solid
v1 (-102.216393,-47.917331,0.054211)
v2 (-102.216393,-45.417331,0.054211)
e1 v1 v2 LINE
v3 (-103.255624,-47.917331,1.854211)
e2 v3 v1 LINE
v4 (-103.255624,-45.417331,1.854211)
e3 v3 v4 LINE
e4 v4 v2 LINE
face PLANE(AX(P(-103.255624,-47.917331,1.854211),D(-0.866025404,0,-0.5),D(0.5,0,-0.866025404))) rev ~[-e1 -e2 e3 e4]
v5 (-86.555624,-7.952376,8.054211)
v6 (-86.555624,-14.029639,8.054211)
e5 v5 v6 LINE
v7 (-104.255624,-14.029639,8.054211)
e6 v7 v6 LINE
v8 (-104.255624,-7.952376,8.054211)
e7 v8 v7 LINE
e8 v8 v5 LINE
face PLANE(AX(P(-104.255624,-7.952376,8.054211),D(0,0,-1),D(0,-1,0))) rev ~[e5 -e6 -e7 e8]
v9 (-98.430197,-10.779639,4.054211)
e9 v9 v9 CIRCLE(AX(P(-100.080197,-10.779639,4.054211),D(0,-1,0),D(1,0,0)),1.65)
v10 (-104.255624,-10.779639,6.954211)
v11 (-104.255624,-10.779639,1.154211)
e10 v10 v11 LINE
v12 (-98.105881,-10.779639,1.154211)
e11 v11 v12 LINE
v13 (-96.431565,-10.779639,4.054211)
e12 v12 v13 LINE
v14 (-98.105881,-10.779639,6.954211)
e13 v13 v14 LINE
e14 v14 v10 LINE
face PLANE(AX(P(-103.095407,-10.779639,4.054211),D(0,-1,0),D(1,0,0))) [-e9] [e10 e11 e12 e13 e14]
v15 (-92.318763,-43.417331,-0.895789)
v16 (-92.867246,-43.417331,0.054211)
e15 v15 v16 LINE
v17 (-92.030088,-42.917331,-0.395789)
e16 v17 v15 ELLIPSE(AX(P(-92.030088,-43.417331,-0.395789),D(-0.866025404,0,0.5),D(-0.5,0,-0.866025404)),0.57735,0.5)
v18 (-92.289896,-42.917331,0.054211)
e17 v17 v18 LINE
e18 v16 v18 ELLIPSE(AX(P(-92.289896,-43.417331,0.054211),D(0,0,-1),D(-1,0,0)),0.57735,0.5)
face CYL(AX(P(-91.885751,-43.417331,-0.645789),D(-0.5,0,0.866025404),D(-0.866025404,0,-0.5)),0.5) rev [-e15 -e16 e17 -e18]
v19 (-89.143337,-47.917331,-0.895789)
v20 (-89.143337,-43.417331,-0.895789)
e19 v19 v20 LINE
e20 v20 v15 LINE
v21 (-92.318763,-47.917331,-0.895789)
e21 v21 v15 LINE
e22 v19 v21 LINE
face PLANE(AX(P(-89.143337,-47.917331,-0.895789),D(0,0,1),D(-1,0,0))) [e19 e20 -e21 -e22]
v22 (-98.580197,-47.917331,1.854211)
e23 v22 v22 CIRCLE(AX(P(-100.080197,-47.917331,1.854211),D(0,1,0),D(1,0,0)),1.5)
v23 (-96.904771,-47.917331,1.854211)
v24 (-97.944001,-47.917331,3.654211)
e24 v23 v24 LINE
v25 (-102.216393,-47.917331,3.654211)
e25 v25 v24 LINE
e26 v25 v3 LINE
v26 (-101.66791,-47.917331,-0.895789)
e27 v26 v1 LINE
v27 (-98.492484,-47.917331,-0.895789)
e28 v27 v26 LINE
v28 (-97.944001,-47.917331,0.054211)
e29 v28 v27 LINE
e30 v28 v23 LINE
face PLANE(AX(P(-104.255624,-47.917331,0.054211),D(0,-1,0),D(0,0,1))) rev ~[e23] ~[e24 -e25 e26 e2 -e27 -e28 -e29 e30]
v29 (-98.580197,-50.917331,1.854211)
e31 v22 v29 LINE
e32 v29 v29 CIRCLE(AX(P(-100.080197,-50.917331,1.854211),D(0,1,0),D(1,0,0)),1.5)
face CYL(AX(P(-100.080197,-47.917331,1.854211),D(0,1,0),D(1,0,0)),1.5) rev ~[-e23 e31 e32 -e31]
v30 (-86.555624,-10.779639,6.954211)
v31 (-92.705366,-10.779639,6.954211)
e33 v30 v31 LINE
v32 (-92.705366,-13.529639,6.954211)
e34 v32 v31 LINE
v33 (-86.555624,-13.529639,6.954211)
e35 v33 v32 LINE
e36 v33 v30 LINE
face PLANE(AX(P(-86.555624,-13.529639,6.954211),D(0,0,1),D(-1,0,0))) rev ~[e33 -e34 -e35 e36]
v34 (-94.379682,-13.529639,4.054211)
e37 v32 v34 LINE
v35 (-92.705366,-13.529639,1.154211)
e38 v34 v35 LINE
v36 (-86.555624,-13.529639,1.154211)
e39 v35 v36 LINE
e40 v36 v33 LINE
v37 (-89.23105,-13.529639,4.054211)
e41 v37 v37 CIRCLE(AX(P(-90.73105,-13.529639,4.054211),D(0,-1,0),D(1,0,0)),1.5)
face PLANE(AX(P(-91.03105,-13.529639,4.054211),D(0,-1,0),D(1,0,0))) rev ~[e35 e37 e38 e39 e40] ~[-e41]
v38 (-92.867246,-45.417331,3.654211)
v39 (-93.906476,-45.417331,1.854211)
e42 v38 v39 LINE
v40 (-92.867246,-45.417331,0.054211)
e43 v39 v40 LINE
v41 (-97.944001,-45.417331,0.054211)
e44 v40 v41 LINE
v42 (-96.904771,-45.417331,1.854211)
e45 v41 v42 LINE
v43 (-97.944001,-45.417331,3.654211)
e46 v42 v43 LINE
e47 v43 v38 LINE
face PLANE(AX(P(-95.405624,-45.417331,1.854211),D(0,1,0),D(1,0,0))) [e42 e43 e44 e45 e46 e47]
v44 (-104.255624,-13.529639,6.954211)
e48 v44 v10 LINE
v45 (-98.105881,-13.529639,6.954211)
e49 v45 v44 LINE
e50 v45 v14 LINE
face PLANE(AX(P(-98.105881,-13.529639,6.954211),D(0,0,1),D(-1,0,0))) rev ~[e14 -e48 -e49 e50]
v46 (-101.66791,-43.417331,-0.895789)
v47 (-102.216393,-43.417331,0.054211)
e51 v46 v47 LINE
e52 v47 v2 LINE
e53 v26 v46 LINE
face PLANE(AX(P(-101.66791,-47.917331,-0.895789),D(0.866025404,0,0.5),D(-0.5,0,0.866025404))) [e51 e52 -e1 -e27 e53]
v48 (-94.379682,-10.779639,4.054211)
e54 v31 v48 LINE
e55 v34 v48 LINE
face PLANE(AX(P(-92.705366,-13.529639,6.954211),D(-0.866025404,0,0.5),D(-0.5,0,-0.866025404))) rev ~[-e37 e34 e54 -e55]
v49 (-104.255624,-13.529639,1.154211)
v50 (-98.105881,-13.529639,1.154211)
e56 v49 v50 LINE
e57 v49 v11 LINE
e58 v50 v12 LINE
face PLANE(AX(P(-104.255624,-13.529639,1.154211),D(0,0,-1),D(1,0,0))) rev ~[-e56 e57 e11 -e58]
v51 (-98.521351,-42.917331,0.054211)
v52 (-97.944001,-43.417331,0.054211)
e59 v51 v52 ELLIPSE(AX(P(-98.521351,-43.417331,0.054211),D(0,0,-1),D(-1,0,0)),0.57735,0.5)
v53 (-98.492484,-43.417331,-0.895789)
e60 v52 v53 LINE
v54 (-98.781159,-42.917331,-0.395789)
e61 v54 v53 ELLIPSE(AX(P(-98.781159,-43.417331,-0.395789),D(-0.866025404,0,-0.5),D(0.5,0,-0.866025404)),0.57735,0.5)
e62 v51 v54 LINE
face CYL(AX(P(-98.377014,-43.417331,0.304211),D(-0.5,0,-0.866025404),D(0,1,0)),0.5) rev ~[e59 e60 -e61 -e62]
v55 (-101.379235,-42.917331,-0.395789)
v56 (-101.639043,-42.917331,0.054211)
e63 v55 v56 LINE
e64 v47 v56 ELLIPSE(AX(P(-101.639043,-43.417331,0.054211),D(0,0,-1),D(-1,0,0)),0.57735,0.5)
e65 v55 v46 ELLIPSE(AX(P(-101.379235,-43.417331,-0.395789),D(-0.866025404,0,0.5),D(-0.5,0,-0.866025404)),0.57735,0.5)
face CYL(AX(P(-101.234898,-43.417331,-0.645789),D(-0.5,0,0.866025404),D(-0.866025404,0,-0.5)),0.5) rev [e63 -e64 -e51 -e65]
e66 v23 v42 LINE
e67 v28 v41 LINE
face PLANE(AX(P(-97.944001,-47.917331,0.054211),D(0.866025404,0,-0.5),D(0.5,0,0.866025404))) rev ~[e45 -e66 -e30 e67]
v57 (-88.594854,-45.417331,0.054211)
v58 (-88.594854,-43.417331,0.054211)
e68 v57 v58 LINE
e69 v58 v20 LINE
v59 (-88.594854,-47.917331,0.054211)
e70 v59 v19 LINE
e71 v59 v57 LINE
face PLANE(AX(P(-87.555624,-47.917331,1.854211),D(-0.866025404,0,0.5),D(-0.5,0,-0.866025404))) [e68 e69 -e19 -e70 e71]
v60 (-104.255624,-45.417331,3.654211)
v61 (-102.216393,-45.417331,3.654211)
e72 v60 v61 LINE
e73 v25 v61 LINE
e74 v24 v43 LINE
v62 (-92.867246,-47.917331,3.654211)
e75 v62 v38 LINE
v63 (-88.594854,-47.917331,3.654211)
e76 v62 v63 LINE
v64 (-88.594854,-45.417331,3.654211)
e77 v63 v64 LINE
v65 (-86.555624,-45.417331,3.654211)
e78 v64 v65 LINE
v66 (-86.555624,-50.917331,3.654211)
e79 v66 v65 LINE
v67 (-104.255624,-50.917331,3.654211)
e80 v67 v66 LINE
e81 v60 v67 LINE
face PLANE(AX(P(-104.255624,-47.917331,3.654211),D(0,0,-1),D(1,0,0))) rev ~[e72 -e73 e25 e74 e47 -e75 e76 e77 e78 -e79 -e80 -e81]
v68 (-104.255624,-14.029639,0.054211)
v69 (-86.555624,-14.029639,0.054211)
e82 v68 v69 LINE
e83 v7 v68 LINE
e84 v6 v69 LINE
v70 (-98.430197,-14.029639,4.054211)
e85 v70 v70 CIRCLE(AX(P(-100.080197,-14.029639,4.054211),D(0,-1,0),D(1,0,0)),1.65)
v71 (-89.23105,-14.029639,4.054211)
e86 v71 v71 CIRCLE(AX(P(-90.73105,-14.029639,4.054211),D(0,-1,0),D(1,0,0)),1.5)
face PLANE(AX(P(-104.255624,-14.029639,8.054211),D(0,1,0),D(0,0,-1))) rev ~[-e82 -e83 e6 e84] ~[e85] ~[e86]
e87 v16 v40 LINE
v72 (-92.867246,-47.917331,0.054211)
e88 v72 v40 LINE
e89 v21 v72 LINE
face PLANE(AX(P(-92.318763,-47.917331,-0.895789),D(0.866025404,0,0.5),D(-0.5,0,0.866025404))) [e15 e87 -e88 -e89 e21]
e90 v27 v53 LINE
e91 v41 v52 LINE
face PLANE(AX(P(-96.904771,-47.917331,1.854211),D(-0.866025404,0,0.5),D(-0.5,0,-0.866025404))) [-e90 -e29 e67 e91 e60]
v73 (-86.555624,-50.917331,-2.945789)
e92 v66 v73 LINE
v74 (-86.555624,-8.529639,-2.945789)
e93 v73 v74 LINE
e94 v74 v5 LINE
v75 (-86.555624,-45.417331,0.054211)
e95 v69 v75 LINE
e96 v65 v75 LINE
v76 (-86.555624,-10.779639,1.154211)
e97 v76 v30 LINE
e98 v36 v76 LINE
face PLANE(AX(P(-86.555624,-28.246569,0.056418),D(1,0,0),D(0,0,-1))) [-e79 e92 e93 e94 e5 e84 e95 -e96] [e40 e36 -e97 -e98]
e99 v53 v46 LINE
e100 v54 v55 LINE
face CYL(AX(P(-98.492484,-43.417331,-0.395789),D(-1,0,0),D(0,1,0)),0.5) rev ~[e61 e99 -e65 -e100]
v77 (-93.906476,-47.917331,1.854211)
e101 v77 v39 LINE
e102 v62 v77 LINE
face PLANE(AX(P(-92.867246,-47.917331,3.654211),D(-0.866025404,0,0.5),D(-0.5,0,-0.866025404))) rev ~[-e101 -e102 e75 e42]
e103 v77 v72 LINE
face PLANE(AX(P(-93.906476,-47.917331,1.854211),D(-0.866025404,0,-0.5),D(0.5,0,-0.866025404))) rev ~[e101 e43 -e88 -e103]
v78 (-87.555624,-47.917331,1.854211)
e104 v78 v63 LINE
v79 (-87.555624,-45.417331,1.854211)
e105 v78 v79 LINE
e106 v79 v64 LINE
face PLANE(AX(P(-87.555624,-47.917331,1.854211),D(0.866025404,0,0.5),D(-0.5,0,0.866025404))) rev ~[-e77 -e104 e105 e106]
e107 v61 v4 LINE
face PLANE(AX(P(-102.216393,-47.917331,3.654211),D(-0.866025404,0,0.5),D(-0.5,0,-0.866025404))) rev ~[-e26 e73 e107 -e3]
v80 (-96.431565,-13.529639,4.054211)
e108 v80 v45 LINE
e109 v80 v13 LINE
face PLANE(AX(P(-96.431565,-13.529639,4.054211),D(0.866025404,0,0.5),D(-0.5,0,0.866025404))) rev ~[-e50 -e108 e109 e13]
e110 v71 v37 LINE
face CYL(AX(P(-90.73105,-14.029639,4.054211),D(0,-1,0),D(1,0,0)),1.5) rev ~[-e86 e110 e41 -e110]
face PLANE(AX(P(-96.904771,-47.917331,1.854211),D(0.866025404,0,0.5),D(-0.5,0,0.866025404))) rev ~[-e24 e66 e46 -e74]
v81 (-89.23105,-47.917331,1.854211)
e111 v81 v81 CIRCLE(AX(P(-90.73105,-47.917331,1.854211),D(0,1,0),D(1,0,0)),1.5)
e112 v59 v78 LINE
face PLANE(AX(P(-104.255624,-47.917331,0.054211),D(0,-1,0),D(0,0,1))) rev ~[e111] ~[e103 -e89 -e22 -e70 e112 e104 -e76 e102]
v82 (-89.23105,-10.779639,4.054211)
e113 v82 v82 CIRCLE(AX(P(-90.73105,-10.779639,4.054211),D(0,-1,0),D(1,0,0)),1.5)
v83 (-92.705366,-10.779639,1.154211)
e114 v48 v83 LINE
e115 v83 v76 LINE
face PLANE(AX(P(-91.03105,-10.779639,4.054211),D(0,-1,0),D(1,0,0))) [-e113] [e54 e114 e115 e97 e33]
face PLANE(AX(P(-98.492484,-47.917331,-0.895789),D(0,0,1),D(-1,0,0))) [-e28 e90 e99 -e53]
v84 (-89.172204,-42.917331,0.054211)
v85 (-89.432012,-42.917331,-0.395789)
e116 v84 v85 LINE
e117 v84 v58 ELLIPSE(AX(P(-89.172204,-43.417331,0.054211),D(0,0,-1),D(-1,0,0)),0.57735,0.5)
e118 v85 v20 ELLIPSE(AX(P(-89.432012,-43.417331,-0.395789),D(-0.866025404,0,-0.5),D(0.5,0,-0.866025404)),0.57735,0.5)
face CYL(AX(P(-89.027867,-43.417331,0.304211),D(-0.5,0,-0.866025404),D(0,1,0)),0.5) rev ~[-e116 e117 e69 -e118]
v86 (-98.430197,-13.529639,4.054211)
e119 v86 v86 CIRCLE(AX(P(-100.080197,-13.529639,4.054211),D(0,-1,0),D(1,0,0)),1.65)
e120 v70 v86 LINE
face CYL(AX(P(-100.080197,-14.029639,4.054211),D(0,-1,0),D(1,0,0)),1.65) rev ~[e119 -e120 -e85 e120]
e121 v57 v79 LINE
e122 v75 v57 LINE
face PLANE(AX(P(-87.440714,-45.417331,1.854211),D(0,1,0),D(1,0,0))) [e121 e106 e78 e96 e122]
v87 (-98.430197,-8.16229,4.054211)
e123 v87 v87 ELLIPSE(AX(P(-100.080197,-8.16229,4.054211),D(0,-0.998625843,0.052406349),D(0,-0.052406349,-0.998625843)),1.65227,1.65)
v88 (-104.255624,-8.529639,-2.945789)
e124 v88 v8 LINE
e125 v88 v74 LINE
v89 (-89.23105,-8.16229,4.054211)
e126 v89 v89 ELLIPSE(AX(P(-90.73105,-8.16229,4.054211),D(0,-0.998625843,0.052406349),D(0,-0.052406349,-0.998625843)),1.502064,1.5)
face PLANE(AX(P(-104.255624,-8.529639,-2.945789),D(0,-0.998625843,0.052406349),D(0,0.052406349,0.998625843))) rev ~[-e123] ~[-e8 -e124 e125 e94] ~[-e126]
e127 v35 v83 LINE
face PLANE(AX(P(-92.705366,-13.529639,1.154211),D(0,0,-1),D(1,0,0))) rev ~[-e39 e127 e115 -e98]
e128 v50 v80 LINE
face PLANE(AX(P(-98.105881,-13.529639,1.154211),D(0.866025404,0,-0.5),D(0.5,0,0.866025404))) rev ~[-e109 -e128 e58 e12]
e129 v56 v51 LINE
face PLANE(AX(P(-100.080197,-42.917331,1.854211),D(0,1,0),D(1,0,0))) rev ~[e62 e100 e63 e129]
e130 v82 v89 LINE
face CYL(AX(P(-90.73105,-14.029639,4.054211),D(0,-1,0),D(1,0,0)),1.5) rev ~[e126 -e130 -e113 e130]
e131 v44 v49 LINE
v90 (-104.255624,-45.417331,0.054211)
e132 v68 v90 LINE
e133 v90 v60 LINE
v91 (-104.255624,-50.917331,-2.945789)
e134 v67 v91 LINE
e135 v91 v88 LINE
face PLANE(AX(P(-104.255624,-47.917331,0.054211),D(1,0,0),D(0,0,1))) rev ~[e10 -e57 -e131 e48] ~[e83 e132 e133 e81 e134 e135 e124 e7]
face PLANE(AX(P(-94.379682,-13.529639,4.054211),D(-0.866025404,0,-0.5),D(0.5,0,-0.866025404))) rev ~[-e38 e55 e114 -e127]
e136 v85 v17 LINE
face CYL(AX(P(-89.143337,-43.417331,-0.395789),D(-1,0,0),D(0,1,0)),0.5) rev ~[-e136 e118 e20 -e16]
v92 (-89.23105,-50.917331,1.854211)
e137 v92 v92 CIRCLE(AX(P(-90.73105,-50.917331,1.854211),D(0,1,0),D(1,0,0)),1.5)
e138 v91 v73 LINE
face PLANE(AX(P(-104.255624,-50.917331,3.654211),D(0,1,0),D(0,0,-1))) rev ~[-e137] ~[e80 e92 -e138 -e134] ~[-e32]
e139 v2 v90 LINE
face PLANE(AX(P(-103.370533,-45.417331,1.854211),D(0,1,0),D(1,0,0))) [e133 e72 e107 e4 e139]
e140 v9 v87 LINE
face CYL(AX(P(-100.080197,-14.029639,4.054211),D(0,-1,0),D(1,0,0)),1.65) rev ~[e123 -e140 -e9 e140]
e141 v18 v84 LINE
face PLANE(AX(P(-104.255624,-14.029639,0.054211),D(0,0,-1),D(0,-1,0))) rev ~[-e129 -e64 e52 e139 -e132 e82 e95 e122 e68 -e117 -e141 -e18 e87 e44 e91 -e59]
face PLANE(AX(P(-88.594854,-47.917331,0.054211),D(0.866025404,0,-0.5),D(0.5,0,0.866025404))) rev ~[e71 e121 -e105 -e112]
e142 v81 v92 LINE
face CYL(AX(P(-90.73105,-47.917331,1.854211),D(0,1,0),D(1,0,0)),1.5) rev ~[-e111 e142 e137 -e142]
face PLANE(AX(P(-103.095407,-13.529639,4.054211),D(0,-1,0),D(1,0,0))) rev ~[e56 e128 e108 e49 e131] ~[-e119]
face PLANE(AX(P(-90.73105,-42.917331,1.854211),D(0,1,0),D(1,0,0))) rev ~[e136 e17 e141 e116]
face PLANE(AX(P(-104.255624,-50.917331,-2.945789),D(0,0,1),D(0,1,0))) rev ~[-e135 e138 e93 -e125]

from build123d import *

# Parameters (mm, degrees)
BOSS_EXTRUDE1_START = -0.4
BOSS_EXTRUDE1_DEPTH = 17.7
CUT_EXTRUDE1_REACH  = 5
SKETCH3_R           = 1.5
BOSS_EXTRUDE2_DEPTH = 2.5
SKETCH3_3_R         = 1.5
CUT_EXTRUDE2_DEPTH  = 5
FILLET2_R           = 0.5
SKETCH4_R           = 1.5
SKETCH4_R_2         = 1.65
CUT_EXTRUDE3_DEPTH  = 7.077263094
CUT_EXTRUDE4_START  = -0.5
SKETCH5_R           = 1.65
SKETCH5_R_2         = 1.5
CUT_EXTRUDE4_DEPTH  = 2.75


with BuildPart() as part:
    # Sketch2 → Boss-Extrude1 (new body)
    with BuildSketch(Plane.ZY.offset(104.655623537).offset(BOSS_EXTRUDE1_START)):
        Polygon((3.654210553, -50.917330539), (-2.945789447, -50.917330539), (-2.945789447, -8.529639022), (8.054210553, -7.952375928), (8.054210553, -14.029639022), (0.054210553, -14.029639022), (0.054210553, -47.917330539), (3.654210553, -47.917330539), align=None)
    extrude(amount=-BOSS_EXTRUDE1_DEPTH)

    # Sketch3 → Cut-Extrude1 (cut, up to next)
    with BuildSketch(Plane(origin=(0, -47.917330539, 0), x_dir=(1, 0, 0), z_dir=(0, 1, 0)), mode=Mode.PRIVATE) as cut_extrude1_sk1:
        with Locations((-90.731050017, -1.854210553)):
            Circle(SKETCH3_R)
    cut_extrude1_tool1 = extrude(cut_extrude1_sk1.sketch, amount=-CUT_EXTRUDE1_REACH, mode=Mode.PRIVATE) & part.part
    add(cut_extrude1_tool1.solids().sort_by_distance((-90.73105, -47.917331, 1.854211))[0], mode=Mode.SUBTRACT)
    # Sketch3 → Cut-Extrude1 (cut, up to next)
    with BuildSketch(Plane(origin=(0, -47.917330539, 0), x_dir=(1, 0, 0), z_dir=(0, 1, 0)), mode=Mode.PRIVATE) as cut_extrude1_sk2:
        with Locations((-100.080197056, -1.854210553)):
            Circle(SKETCH3_R)
    cut_extrude1_tool2 = extrude(cut_extrude1_sk2.sketch, amount=-CUT_EXTRUDE1_REACH, mode=Mode.PRIVATE) & part.part
    add(cut_extrude1_tool2.solids().sort_by_distance((-100.080197, -47.917331, 1.854211))[0], mode=Mode.SUBTRACT)

    # Sketch3_4 → Boss-Extrude2 (add)
    with BuildSketch(Plane(origin=(0, -47.917330539, 0), x_dir=(1, 0, 0), z_dir=(0, 1, 0))):
        Polygon((-102.216393052, -3.654210553), (-103.255623537, -1.854210553), (-102.216393052, -0.054210553), (-104.255623537, -0.054210553), (-104.255623537, -3.654210553), align=None)
        Polygon((-96.904770576, -1.854210553), (-97.94400106, -3.654210553), (-92.867246013, -3.654210553), (-93.906476498, -1.854210553), (-92.867246013, -0.054210553), (-97.94400106, -0.054210553), align=None)
        Polygon((-87.555623537, -1.854210553), (-88.594854021, -3.654210553), (-86.555623537, -3.654210553), (-86.555623537, -0.054210553), (-88.594854021, -0.054210553), align=None)
    extrude(amount=BOSS_EXTRUDE2_DEPTH)

    # Sketch3_3 → Cut-Extrude2 (cut)
    with BuildSketch(Plane(origin=(0, -47.917330539, 0), x_dir=(1, 0, 0), z_dir=(0, 1, 0))):
        Polygon((-103.255623537, -1.854210553), (-101.667910296, -4.604210553), (-98.492483816, -4.604210553), (-96.904770576, -1.854210553), (-98.492483816, 0.895789447), (-101.667910296, 0.895789447), align=None)
        with Locations((-100.080197056, -1.854210553)):
            Circle(SKETCH3_3_R, mode=Mode.SUBTRACT)
        Polygon((-87.555623537, -1.854210553), (-89.143336777, 0.895789447), (-92.318763257, 0.895789447), (-93.906476498, -1.854210553), (-92.318763257, -4.604210553), (-89.143336777, -4.604210553), align=None)
        with Locations((-90.731050017, -1.854210553)):
            Circle(SKETCH3_3_R, mode=Mode.SUBTRACT)
    extrude(amount=CUT_EXTRUDE2_DEPTH, mode=Mode.SUBTRACT)

    # Fillet2
    fillet2_edges = [part.edges().sort_by_distance(p)[0] for p in [
        (-98.218242438, -42.917330539, -0.420789447),
        (-100.080197056, -42.917330539, -0.895789447),
        (-101.942151674, -42.917330539, -0.420789447),
        (-88.869095399, -42.917330539, -0.420789447),
        (-90.731050017, -42.917330539, -0.895789447),
        (-92.593004635, -42.917330539, -0.420789447),
    ]]
    fillet(fillet2_edges, radius=FILLET2_R)

    # Sketch4 → Cut-Extrude3 (cut, through all)
    with BuildSketch(Plane.XZ.offset(14.029639022)):
        with Locations((-90.731050017, 4.054210553)):
            Circle(SKETCH4_R)
        with Locations((-100.080197056, 4.054210553)):
            Circle(SKETCH4_R_2)
    extrude(amount=-CUT_EXTRUDE3_DEPTH, mode=Mode.SUBTRACT)

    # Sketch5 → Cut-Extrude4 (cut)
    with BuildSketch(Plane.XZ.offset(14.029639022).offset(CUT_EXTRUDE4_START)):
        Polygon((-103.128828617, 4.054210553), (-101.454512837, 6.954210553), (-104.255623537, 6.954210553), (-104.255623537, 1.154210553), (-101.454512837, 1.154210553), align=None)
        Polygon((-101.454512837, 1.154210553), (-98.105881275, 1.154210553), (-96.431565495, 4.054210553), (-98.105881275, 6.954210553), (-101.454512837, 6.954210553), (-103.128828617, 4.054210553), align=None)
        with Locations((-100.080197056, 4.054210553)):
            Circle(SKETCH5_R, mode=Mode.SUBTRACT)
        Polygon((-92.705365798, 1.154210553), (-89.356734237, 1.154210553), (-87.682418456, 4.054210553), (-89.356734237, 6.954210553), (-92.705365798, 6.954210553), (-94.379681578, 4.054210553), align=None)
        with Locations((-90.731050017, 4.054210553)):
            Circle(SKETCH5_R_2, mode=Mode.SUBTRACT)
        Polygon((-89.356734237, 6.954210553), (-87.682418456, 4.054210553), (-89.356734237, 1.154210553), (-86.555623537, 1.154210553), (-86.555623537, 6.954210553), align=None)
    extrude(amount=-CUT_EXTRUDE4_DEPTH, mode=Mode.SUBTRACT)


solid = part.part
